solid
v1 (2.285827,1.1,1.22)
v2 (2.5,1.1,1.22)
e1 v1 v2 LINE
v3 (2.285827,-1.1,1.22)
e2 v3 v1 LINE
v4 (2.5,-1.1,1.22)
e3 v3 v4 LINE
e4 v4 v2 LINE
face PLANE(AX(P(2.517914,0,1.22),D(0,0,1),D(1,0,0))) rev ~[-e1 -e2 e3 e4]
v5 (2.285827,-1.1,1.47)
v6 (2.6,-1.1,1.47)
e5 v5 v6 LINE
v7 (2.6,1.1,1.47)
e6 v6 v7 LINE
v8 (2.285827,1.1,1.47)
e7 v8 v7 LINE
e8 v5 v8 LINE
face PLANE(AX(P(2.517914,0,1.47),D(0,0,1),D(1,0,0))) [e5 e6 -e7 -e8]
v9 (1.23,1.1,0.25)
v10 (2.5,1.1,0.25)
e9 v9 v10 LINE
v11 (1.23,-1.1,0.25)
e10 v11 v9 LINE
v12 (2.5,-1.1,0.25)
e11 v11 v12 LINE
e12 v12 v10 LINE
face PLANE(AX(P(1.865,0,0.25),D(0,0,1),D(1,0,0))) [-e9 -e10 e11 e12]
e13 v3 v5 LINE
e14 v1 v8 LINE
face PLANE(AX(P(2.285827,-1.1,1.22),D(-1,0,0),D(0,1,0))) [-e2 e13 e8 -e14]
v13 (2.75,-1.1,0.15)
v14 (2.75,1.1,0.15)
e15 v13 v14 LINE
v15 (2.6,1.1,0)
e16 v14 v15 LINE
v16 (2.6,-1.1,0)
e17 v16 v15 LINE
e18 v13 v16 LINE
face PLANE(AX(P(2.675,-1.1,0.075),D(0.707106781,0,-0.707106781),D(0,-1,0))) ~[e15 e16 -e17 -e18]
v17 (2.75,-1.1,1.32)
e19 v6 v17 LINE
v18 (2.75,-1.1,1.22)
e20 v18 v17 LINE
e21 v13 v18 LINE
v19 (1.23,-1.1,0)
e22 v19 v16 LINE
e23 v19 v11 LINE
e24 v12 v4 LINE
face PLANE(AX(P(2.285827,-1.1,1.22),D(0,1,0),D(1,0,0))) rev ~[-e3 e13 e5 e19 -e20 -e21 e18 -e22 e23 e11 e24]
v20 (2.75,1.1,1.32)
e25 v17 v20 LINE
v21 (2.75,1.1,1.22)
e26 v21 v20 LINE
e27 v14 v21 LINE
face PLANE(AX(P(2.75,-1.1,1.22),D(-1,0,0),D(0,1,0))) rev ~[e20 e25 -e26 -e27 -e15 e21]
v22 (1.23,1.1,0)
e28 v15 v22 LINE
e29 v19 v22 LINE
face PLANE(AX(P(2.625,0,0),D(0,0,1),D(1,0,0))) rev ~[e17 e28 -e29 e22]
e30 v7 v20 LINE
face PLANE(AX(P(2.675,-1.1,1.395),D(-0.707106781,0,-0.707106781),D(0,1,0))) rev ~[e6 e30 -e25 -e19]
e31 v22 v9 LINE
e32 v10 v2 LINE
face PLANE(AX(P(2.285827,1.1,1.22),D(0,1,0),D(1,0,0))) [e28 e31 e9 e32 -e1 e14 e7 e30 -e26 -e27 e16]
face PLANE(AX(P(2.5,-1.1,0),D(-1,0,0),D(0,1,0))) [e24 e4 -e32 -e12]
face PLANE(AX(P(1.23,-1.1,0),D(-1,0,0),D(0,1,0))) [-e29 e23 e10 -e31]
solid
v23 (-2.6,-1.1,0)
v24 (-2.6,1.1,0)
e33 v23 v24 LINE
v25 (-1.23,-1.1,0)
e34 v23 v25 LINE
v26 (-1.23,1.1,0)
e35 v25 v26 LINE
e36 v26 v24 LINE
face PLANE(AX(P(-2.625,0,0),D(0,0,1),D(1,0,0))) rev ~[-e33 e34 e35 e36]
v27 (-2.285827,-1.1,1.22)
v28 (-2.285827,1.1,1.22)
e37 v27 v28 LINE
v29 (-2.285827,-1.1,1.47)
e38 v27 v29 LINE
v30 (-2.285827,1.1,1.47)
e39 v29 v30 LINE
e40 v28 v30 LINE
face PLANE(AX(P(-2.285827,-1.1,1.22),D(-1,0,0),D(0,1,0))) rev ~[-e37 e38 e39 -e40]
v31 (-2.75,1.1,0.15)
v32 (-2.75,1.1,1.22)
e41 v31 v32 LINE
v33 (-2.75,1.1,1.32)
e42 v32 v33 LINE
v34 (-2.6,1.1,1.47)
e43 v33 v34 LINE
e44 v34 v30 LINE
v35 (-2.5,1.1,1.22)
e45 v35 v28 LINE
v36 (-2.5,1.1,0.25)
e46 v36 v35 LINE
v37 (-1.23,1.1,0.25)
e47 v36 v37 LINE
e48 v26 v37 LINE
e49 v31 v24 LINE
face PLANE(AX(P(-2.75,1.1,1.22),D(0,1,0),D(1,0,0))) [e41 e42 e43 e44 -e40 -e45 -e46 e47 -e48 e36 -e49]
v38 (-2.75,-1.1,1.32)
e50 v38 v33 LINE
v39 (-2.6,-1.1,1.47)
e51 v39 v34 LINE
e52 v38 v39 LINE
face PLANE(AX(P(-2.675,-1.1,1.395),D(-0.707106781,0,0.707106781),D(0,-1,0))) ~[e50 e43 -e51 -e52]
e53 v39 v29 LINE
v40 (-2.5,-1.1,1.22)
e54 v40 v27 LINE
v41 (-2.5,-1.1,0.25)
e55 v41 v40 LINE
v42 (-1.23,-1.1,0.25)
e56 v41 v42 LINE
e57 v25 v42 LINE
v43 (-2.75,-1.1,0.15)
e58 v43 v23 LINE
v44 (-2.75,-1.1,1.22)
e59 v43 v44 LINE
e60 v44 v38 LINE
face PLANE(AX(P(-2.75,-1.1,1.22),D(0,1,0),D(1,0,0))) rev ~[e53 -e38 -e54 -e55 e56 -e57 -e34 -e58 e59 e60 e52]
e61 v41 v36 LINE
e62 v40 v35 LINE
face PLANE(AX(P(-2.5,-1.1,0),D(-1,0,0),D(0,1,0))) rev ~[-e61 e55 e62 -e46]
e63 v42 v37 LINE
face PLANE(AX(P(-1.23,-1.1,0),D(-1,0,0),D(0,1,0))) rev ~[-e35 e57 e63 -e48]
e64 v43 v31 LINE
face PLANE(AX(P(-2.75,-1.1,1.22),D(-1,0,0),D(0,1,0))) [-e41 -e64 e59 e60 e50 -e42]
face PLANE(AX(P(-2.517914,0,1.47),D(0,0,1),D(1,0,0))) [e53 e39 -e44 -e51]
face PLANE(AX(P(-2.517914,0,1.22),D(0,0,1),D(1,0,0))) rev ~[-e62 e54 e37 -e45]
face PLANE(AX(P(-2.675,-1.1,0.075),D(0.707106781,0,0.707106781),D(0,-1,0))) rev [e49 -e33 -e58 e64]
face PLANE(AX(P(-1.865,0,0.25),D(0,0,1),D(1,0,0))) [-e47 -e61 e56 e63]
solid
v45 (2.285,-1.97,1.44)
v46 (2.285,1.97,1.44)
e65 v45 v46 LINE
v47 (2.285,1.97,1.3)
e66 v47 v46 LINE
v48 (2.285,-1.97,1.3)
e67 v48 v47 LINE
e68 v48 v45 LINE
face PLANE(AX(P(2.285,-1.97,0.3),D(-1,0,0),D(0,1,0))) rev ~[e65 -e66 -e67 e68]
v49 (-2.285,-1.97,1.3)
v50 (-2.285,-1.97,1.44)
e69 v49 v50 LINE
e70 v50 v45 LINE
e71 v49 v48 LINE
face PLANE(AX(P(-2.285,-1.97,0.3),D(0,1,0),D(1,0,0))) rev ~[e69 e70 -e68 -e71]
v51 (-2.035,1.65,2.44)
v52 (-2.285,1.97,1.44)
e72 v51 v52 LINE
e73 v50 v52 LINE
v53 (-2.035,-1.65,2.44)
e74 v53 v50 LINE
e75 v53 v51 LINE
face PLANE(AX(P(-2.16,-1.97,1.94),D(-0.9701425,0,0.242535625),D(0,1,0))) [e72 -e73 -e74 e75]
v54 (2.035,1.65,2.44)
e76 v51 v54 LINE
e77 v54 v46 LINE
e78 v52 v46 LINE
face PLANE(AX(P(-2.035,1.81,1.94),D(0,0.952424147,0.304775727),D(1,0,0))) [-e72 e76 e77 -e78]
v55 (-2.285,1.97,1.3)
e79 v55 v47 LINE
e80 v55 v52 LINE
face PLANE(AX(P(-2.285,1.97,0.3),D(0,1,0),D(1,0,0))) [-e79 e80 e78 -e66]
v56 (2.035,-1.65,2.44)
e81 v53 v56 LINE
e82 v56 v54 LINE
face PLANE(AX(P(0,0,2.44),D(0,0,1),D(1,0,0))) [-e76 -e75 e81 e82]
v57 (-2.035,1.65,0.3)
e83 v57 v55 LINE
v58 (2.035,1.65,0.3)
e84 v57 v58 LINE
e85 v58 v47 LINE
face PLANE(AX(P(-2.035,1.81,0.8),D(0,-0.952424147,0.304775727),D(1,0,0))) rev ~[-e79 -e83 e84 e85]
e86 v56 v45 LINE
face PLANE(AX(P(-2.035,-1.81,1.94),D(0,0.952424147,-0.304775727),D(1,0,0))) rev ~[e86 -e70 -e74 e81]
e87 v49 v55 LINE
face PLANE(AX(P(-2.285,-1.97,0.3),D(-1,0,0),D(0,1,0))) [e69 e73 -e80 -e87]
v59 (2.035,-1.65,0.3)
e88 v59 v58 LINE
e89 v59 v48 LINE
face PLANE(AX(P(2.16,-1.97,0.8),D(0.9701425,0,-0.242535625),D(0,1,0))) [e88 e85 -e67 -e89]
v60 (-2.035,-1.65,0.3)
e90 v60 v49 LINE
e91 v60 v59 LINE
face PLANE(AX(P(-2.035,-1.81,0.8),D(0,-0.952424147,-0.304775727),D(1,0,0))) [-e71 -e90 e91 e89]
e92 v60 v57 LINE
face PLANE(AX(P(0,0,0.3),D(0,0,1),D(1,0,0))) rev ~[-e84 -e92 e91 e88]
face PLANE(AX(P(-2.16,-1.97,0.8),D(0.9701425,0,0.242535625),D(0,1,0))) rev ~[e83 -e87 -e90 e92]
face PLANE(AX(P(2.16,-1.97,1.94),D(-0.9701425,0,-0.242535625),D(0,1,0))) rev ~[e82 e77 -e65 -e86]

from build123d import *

# Parameters (mm, degrees)
F0_W       = 1.27
F0_H       = 2.2
F1_DEPTH   = 0.25
F0_W_2     = 0.25
F2_DEPTH   = 1.22
F4_W       = 4.57
F4_H       = 3.94
F5_DEPTH   = 2.14
F6_SIZE2   = 1
F6_SIZE    = 0.25
F6_2_SIZE2 = 1
F6_2_SIZE  = 0.25
F7_SIZE2   = 1
F7_SIZE    = 0.32
F7_2_SIZE2 = 1
F7_2_SIZE  = 0.32
F9_W       = 0.4641725831
F9_H       = 2.2
F10_DEPTH  = 0.25
F11_SIZE   = 0.15
F11_2_SIZE = 0.15


with BuildPart() as f1:
    # F0 (on Top) → F1 (new body)
    with BuildSketch(Plane.XY):
        with Locations((-1.865, 0)):
            Rectangle(F0_W, F0_H)
    extrude(amount=F1_DEPTH)

    # F0 (on Top) → F2 (join)
    with BuildSketch(Plane.XY):
        with Locations((-2.625, 0)):
            Rectangle(F0_W_2, F0_H)
    extrude(amount=F2_DEPTH)

    # F9 (on offset) → F10 (join)
    with BuildSketch(Plane.XY.offset(1.22)):
        with Locations((-2.5179137085, 0)):
            Rectangle(F9_W, F9_H)
    extrude(amount=F10_DEPTH)

    # F11
    f11_edges = [f1.edges().sort_by_distance(p)[0] for p in [
        (-2.75, 0, 1.47),
        (-2.75, 0, 0),
    ]]
    chamfer(f11_edges, length=F11_SIZE)


with BuildPart() as f1b:
    # F0 (on Top) → F1, piece 2 (new body)
    with BuildSketch(Plane.XY):
        with Locations((1.865, 0)):
            Rectangle(F0_W, F0_H)
    extrude(amount=F1_DEPTH)

    # F0 (on Top) → F2, piece 2 (join)
    with BuildSketch(Plane.XY):
        with Locations((2.625, 0)):
            Rectangle(F0_W_2, F0_H)
    extrude(amount=F2_DEPTH)

    # F9 (on offset) → F10, piece 2 (join)
    with BuildSketch(Plane.XY.offset(1.22)):
        with Locations((2.5179137085, 0)):
            Rectangle(F9_W, F9_H)
    extrude(amount=F10_DEPTH)

    # F11#2
    f11_2_edges = [f1b.edges().sort_by_distance(p)[0] for p in [
        (2.75, 0, 1.47),
        (2.75, 0, 0),
    ]]
    chamfer(f11_2_edges, length=F11_2_SIZE)


with BuildPart() as f5:
    # F4 (on offset) → F5 (new body)
    with BuildSketch(Plane.XY.offset(0.3)):
        Rectangle(F4_W, F4_H)
    extrude(amount=F5_DEPTH)

    # F6
    f6_edges = [f5.edges().sort_by_distance(p)[0] for p in [
        (-2.285, 0, 2.44),
        (2.285, 0, 2.44),
    ]]
    f6_side = f5.faces().sort_by_distance((0, 0, 2.44))[0]
    chamfer(f6_edges, length=F6_SIZE, length2=F6_SIZE2, reference=f6_side)

    # F6#2
    f6_2_edges = [f5.edges().sort_by_distance(p)[0] for p in [
        (-2.285, 0, 0.3),
        (2.285, 0, 0.3),
    ]]
    f6_2_side = f5.faces().sort_by_distance((0, 0, 0.3))[0]
    chamfer(f6_2_edges, length=F6_2_SIZE, length2=F6_2_SIZE2, reference=f6_2_side)

    # F7
    f7_edges = [f5.edges().sort_by_distance(p)[0] for p in [
        (0, 1.97, 2.44),
        (0, -1.97, 2.44),
    ]]
    f7_side = f5.faces().sort_by_distance((0, 0, 2.44))[0]
    chamfer(f7_edges, length=F7_SIZE, length2=F7_SIZE2, reference=f7_side)

    # F7#2
    f7_2_edges = [f5.edges().sort_by_distance(p)[0] for p in [
        (0, 1.97, 0.3),
        (0, -1.97, 0.3),
    ]]
    f7_2_side = f5.faces().sort_by_distance((0, 0, 0.3))[0]
    chamfer(f7_2_edges, length=F7_2_SIZE, length2=F7_2_SIZE2, reference=f7_2_side)


solid = Compound([f1.part, f1b.part, f5.part])
